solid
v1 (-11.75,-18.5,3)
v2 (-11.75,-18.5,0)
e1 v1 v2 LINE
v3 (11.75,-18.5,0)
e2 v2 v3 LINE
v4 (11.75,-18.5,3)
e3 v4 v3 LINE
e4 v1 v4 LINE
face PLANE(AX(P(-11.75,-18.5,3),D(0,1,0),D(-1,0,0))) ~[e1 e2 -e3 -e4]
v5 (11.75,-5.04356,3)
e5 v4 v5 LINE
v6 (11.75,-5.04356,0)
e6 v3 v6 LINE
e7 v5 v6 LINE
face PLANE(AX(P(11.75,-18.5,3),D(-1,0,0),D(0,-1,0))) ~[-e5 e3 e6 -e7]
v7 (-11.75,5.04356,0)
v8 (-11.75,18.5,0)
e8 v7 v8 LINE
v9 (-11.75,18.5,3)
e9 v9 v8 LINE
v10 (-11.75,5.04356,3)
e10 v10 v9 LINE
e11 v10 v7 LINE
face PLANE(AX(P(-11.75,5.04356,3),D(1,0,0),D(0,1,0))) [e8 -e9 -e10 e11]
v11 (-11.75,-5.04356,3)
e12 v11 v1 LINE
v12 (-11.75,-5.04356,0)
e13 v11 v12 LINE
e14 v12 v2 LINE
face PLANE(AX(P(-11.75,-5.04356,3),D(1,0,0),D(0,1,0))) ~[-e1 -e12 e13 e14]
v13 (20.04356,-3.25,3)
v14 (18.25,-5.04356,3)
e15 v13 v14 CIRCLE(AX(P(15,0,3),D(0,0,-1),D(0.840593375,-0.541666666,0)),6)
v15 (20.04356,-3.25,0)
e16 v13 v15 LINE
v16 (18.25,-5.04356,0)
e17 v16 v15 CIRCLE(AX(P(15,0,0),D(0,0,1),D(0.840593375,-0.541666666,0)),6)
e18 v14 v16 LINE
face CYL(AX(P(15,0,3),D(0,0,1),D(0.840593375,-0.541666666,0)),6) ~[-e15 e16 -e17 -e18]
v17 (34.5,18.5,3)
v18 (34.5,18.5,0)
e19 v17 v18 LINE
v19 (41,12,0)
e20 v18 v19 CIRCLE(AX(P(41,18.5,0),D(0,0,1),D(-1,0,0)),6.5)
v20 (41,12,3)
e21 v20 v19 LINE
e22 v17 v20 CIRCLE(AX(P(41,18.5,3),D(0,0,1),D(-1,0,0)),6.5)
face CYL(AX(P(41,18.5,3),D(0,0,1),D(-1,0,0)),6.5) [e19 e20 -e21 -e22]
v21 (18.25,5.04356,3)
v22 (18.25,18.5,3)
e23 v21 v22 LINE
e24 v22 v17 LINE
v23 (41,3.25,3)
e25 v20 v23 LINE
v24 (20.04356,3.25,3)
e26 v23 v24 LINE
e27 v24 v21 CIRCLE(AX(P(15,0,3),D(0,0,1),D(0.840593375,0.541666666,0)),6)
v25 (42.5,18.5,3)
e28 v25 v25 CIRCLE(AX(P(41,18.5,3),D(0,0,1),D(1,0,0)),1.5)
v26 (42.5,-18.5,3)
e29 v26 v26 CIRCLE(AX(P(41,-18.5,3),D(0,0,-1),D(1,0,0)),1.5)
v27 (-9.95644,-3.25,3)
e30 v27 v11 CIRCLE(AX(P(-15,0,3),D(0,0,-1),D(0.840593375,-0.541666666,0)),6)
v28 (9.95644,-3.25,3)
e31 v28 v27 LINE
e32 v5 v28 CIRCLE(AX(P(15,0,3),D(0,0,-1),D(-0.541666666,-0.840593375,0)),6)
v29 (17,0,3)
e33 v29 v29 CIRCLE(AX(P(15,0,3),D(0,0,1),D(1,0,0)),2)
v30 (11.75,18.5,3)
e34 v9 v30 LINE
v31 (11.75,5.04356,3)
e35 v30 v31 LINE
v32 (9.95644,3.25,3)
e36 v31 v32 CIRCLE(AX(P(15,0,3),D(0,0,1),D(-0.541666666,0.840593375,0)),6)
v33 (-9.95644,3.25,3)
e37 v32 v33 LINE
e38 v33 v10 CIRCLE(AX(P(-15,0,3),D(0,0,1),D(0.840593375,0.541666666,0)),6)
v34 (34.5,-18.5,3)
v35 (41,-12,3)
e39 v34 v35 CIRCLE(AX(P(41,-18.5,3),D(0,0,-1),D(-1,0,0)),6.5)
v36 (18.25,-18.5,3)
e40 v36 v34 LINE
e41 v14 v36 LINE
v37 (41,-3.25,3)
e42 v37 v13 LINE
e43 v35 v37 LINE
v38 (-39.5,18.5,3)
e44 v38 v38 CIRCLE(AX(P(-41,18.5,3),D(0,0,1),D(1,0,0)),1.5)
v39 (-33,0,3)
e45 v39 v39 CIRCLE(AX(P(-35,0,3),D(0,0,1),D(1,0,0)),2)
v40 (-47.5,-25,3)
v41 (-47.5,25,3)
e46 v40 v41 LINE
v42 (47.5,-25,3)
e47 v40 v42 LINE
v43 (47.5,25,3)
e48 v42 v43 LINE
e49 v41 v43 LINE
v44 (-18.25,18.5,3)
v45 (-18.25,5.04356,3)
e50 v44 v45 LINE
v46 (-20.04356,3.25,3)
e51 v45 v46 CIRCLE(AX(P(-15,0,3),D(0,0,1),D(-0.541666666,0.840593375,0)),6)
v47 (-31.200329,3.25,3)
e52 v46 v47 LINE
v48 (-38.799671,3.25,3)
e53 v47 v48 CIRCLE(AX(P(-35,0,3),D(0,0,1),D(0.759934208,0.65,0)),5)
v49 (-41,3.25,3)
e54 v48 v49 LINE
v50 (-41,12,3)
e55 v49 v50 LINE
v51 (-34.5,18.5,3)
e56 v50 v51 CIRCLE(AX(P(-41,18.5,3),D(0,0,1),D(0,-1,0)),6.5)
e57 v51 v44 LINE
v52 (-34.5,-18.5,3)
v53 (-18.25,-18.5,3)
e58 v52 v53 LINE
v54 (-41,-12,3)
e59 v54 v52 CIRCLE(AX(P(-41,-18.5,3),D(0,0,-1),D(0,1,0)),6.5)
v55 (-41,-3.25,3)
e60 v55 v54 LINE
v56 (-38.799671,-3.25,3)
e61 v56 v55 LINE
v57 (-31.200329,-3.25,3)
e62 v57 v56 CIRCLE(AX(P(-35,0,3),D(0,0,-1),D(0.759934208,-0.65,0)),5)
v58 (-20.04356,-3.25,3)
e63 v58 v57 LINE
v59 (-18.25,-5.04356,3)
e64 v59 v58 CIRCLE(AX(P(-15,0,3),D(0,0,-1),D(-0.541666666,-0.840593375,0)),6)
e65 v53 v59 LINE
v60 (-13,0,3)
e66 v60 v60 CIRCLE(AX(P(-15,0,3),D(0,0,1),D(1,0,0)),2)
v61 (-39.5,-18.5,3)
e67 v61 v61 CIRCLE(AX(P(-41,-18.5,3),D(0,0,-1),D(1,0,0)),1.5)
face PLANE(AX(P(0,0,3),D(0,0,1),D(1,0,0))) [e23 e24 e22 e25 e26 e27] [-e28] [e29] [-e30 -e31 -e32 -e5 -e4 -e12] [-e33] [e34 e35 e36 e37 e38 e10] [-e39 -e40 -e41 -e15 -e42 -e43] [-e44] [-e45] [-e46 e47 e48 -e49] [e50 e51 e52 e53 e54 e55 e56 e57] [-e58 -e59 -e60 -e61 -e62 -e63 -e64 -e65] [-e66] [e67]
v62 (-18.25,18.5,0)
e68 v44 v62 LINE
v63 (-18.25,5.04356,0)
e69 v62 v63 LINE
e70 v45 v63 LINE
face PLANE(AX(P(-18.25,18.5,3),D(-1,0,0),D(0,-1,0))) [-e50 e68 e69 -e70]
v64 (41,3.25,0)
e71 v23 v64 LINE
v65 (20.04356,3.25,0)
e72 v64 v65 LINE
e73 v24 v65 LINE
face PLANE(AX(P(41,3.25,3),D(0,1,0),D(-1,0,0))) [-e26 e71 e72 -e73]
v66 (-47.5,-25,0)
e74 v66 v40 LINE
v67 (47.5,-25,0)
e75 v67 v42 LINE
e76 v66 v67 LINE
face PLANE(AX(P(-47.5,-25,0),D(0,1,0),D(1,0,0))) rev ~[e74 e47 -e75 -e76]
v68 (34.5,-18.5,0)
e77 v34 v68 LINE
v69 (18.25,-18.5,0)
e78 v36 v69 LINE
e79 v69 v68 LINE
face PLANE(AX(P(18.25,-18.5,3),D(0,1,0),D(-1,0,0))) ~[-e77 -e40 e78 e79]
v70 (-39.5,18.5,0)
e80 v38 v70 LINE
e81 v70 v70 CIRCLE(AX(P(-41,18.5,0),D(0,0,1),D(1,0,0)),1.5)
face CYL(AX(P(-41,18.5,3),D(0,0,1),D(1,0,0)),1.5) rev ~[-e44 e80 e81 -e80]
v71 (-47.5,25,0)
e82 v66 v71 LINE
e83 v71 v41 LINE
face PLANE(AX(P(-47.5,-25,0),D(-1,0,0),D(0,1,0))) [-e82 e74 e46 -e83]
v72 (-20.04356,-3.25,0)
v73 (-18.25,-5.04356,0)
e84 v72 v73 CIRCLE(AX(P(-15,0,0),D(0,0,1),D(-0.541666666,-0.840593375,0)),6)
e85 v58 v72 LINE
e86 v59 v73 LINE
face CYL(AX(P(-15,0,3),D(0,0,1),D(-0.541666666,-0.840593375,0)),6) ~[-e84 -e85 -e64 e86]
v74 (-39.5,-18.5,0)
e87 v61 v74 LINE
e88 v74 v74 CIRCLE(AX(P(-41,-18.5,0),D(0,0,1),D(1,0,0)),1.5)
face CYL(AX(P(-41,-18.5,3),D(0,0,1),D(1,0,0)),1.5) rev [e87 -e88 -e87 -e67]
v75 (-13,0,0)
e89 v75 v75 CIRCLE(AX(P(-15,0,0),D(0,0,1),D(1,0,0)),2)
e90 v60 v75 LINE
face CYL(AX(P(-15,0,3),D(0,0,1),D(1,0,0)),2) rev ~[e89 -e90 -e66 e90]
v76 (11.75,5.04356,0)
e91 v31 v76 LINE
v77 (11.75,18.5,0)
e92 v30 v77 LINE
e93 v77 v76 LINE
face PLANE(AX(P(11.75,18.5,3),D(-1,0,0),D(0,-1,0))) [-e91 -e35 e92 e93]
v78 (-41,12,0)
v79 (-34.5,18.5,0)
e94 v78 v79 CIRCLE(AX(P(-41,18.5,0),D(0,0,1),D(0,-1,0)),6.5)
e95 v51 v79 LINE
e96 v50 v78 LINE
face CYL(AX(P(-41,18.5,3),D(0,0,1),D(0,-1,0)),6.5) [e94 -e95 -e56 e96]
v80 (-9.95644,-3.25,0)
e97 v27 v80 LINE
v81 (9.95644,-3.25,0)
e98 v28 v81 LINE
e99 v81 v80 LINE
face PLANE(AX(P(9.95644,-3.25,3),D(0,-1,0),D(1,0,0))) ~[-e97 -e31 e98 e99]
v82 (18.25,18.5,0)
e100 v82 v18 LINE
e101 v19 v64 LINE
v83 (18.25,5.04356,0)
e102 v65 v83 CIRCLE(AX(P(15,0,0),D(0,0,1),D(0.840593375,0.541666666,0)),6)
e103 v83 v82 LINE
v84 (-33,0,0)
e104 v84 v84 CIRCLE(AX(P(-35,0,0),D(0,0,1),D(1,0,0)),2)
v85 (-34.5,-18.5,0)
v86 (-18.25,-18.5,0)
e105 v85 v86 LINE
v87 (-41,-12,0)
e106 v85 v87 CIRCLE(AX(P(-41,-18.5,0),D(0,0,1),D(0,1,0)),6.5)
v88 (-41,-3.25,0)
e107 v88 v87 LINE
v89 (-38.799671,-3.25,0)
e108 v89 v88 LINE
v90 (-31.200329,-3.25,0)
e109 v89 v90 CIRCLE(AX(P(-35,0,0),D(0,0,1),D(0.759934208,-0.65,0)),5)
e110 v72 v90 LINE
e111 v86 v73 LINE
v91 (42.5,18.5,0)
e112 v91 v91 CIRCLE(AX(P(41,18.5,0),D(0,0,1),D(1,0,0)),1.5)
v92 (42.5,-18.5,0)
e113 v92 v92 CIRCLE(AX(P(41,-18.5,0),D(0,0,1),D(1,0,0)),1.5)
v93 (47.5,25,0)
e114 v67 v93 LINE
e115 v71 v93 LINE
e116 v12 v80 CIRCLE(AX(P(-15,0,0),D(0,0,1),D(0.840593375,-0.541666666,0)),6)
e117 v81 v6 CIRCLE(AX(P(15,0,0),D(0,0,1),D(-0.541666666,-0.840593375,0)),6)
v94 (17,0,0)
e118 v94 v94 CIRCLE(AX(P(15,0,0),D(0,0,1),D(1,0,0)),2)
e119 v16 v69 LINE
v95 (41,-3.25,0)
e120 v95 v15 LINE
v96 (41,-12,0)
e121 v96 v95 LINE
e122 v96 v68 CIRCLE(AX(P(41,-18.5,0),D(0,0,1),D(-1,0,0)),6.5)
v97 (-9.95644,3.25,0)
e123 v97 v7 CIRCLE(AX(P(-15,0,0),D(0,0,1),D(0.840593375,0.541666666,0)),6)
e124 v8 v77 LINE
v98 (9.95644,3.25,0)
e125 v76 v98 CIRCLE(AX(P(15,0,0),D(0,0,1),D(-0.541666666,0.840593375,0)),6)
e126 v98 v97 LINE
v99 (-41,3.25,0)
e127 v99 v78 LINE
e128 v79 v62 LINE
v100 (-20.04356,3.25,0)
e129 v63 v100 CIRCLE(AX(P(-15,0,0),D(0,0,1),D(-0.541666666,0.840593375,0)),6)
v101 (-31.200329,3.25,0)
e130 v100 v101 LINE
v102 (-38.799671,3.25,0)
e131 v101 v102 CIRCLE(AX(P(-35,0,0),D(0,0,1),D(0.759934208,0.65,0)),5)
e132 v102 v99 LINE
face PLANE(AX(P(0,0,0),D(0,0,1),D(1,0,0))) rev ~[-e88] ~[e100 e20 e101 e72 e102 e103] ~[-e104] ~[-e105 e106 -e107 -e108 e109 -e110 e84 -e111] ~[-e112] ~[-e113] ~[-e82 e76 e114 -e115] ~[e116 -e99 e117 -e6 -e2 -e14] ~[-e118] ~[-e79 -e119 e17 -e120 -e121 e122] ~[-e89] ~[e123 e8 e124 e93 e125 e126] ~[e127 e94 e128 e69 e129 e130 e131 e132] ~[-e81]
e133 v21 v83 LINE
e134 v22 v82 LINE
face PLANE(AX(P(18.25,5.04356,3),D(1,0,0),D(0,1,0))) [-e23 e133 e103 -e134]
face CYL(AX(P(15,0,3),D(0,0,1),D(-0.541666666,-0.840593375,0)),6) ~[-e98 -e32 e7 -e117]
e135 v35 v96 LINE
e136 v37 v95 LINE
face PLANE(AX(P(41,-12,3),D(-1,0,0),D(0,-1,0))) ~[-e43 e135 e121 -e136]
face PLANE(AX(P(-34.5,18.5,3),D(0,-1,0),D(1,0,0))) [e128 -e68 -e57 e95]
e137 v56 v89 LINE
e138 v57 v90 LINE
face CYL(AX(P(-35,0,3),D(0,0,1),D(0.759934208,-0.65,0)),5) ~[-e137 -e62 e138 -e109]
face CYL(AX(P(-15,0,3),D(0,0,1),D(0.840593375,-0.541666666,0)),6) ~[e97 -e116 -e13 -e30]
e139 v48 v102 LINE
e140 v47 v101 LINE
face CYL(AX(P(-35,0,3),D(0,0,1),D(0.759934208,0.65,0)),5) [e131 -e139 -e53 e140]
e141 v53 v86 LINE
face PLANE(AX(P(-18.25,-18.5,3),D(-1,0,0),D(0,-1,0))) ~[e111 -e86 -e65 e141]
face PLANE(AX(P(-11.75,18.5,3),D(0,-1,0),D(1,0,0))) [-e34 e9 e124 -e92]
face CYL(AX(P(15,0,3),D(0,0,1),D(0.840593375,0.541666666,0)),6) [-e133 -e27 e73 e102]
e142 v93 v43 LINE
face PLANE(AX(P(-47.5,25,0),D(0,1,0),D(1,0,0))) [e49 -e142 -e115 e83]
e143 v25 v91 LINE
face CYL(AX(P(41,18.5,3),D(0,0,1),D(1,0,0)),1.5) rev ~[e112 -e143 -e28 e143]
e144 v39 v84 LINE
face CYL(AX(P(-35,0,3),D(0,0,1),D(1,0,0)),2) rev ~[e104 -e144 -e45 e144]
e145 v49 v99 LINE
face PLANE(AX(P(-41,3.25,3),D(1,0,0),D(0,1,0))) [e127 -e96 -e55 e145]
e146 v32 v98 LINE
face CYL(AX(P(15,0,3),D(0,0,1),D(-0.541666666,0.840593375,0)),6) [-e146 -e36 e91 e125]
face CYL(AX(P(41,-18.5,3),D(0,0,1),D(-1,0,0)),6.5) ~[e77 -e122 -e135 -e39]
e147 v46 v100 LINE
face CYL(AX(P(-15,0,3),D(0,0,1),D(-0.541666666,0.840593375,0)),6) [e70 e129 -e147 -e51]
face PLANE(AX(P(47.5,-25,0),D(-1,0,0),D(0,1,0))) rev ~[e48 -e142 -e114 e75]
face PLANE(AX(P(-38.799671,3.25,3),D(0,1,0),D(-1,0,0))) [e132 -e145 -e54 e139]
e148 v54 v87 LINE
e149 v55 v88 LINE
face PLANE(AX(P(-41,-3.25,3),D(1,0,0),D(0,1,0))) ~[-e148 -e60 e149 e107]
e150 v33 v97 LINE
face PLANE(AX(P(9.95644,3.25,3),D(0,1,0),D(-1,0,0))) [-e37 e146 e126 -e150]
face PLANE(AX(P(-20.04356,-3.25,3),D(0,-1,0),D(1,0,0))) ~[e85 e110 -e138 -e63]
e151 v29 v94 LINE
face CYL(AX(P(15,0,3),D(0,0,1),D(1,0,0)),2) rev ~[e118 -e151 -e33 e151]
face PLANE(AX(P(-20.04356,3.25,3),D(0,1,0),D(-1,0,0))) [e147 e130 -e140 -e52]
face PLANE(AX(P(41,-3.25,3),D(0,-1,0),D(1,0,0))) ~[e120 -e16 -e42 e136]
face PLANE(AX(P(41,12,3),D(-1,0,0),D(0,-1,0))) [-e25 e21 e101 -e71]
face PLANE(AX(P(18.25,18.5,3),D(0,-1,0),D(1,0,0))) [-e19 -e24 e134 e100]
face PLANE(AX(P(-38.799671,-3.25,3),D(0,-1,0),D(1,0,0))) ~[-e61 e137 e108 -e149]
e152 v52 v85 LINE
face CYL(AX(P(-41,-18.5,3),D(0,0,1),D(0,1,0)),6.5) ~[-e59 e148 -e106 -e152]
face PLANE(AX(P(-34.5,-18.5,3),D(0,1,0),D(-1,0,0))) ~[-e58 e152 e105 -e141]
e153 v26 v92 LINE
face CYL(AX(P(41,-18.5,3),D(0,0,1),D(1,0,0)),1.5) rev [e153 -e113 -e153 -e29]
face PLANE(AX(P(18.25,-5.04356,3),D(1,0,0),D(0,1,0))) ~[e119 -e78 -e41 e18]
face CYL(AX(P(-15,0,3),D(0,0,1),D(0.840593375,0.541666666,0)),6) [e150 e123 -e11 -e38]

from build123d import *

# Parameters (mm, degrees)
SKETCH1_W           = 95
SKETCH1_H           = 50
BOSS_EXTRUDE1_DEPTH = 3
SKETCH4_R           = 2
CUT_EXTRUDE3_DEPTH  = 4
SKETCH5_R           = 1.5
CUT_EXTRUDE4_DEPTH  = 4


with BuildPart() as part:
    # Sketch1 → Boss-Extrude1 (new body)
    with BuildSketch(Plane.XY):
        Rectangle(SKETCH1_W, SKETCH1_H)
    extrude(amount=BOSS_EXTRUDE1_DEPTH)

    # Sketch4 → Cut-Extrude3 (cut, through all)
    with BuildSketch(Plane.XY.offset(3)):
        with Locations((-15, 0)):
            Circle(SKETCH4_R)
        with Locations((15, 0)):
            Circle(SKETCH4_R)
        with Locations((-35, 0)):
            Circle(SKETCH4_R)
    extrude(amount=-CUT_EXTRUDE3_DEPTH, mode=Mode.SUBTRACT)

    # Sketch5 → Cut-Extrude4 (cut, through all)
    with BuildSketch(Plane.XY.offset(3)):
        with Locations((41, 18.5)):
            Circle(SKETCH5_R)
        with Locations((-41, 18.5)):
            Circle(SKETCH5_R)
        with BuildLine():
            Line((-34.5, 18.5), (-18.25, 18.5))
            Line((-18.25, 18.5), (-18.25, 5.04356025))
            ThreePointArc((-18.25, 5.04356025), (-19.242640687, 4.242640687), (-20.04356025, 3.25))
            Line((-20.04356025, 3.25), (-31.200328962, 3.25))
            ThreePointArc((-31.200328962, 3.25), (-35, 5), (-38.799671038, 3.25))
            Line((-38.799671038, 3.25), (-41, 3.25))
            Line((-41, 3.25), (-41, 12))
            ThreePointArc((-41, 12), (-36.403805922, 13.903805922), (-34.5, 18.5))
        make_face()
        with BuildLine():
            Line((-11.75, 5.04356025), (-11.75, 18.5))
            Line((-11.75, 18.5), (11.75, 18.5))
            Line((11.75, 18.5), (11.75, 5.04356025))
            ThreePointArc((11.75, 5.04356025), (10.757359313, 4.242640687), (9.95643975, 3.25))
            Line((9.95643975, 3.25), (-9.95643975, 3.25))
            ThreePointArc((-9.95643975, 3.25), (-10.757359313, 4.242640687), (-11.75, 5.04356025))
        make_face()
        with BuildLine():
            Line((18.25, 5.04356025), (18.25, 18.5))
            Line((18.25, 18.5), (34.5, 18.5))
            ThreePointArc((34.5, 18.5), (36.403805922, 13.903805922), (41, 12))
            Line((41, 12), (41, 3.25))
            Line((41, 3.25), (20.04356025, 3.25))
            ThreePointArc((20.04356025, 3.25), (19.242640687, 4.242640687), (18.25, 5.04356025))
        make_face()
    cut_extrude4 = extrude(amount=-CUT_EXTRUDE4_DEPTH, mode=Mode.SUBTRACT)

    # Mirror2: Cut-Extrude4 across plane
    add(cut_extrude4.mirror(Plane.ZX), mode=Mode.SUBTRACT)


solid = part.part
